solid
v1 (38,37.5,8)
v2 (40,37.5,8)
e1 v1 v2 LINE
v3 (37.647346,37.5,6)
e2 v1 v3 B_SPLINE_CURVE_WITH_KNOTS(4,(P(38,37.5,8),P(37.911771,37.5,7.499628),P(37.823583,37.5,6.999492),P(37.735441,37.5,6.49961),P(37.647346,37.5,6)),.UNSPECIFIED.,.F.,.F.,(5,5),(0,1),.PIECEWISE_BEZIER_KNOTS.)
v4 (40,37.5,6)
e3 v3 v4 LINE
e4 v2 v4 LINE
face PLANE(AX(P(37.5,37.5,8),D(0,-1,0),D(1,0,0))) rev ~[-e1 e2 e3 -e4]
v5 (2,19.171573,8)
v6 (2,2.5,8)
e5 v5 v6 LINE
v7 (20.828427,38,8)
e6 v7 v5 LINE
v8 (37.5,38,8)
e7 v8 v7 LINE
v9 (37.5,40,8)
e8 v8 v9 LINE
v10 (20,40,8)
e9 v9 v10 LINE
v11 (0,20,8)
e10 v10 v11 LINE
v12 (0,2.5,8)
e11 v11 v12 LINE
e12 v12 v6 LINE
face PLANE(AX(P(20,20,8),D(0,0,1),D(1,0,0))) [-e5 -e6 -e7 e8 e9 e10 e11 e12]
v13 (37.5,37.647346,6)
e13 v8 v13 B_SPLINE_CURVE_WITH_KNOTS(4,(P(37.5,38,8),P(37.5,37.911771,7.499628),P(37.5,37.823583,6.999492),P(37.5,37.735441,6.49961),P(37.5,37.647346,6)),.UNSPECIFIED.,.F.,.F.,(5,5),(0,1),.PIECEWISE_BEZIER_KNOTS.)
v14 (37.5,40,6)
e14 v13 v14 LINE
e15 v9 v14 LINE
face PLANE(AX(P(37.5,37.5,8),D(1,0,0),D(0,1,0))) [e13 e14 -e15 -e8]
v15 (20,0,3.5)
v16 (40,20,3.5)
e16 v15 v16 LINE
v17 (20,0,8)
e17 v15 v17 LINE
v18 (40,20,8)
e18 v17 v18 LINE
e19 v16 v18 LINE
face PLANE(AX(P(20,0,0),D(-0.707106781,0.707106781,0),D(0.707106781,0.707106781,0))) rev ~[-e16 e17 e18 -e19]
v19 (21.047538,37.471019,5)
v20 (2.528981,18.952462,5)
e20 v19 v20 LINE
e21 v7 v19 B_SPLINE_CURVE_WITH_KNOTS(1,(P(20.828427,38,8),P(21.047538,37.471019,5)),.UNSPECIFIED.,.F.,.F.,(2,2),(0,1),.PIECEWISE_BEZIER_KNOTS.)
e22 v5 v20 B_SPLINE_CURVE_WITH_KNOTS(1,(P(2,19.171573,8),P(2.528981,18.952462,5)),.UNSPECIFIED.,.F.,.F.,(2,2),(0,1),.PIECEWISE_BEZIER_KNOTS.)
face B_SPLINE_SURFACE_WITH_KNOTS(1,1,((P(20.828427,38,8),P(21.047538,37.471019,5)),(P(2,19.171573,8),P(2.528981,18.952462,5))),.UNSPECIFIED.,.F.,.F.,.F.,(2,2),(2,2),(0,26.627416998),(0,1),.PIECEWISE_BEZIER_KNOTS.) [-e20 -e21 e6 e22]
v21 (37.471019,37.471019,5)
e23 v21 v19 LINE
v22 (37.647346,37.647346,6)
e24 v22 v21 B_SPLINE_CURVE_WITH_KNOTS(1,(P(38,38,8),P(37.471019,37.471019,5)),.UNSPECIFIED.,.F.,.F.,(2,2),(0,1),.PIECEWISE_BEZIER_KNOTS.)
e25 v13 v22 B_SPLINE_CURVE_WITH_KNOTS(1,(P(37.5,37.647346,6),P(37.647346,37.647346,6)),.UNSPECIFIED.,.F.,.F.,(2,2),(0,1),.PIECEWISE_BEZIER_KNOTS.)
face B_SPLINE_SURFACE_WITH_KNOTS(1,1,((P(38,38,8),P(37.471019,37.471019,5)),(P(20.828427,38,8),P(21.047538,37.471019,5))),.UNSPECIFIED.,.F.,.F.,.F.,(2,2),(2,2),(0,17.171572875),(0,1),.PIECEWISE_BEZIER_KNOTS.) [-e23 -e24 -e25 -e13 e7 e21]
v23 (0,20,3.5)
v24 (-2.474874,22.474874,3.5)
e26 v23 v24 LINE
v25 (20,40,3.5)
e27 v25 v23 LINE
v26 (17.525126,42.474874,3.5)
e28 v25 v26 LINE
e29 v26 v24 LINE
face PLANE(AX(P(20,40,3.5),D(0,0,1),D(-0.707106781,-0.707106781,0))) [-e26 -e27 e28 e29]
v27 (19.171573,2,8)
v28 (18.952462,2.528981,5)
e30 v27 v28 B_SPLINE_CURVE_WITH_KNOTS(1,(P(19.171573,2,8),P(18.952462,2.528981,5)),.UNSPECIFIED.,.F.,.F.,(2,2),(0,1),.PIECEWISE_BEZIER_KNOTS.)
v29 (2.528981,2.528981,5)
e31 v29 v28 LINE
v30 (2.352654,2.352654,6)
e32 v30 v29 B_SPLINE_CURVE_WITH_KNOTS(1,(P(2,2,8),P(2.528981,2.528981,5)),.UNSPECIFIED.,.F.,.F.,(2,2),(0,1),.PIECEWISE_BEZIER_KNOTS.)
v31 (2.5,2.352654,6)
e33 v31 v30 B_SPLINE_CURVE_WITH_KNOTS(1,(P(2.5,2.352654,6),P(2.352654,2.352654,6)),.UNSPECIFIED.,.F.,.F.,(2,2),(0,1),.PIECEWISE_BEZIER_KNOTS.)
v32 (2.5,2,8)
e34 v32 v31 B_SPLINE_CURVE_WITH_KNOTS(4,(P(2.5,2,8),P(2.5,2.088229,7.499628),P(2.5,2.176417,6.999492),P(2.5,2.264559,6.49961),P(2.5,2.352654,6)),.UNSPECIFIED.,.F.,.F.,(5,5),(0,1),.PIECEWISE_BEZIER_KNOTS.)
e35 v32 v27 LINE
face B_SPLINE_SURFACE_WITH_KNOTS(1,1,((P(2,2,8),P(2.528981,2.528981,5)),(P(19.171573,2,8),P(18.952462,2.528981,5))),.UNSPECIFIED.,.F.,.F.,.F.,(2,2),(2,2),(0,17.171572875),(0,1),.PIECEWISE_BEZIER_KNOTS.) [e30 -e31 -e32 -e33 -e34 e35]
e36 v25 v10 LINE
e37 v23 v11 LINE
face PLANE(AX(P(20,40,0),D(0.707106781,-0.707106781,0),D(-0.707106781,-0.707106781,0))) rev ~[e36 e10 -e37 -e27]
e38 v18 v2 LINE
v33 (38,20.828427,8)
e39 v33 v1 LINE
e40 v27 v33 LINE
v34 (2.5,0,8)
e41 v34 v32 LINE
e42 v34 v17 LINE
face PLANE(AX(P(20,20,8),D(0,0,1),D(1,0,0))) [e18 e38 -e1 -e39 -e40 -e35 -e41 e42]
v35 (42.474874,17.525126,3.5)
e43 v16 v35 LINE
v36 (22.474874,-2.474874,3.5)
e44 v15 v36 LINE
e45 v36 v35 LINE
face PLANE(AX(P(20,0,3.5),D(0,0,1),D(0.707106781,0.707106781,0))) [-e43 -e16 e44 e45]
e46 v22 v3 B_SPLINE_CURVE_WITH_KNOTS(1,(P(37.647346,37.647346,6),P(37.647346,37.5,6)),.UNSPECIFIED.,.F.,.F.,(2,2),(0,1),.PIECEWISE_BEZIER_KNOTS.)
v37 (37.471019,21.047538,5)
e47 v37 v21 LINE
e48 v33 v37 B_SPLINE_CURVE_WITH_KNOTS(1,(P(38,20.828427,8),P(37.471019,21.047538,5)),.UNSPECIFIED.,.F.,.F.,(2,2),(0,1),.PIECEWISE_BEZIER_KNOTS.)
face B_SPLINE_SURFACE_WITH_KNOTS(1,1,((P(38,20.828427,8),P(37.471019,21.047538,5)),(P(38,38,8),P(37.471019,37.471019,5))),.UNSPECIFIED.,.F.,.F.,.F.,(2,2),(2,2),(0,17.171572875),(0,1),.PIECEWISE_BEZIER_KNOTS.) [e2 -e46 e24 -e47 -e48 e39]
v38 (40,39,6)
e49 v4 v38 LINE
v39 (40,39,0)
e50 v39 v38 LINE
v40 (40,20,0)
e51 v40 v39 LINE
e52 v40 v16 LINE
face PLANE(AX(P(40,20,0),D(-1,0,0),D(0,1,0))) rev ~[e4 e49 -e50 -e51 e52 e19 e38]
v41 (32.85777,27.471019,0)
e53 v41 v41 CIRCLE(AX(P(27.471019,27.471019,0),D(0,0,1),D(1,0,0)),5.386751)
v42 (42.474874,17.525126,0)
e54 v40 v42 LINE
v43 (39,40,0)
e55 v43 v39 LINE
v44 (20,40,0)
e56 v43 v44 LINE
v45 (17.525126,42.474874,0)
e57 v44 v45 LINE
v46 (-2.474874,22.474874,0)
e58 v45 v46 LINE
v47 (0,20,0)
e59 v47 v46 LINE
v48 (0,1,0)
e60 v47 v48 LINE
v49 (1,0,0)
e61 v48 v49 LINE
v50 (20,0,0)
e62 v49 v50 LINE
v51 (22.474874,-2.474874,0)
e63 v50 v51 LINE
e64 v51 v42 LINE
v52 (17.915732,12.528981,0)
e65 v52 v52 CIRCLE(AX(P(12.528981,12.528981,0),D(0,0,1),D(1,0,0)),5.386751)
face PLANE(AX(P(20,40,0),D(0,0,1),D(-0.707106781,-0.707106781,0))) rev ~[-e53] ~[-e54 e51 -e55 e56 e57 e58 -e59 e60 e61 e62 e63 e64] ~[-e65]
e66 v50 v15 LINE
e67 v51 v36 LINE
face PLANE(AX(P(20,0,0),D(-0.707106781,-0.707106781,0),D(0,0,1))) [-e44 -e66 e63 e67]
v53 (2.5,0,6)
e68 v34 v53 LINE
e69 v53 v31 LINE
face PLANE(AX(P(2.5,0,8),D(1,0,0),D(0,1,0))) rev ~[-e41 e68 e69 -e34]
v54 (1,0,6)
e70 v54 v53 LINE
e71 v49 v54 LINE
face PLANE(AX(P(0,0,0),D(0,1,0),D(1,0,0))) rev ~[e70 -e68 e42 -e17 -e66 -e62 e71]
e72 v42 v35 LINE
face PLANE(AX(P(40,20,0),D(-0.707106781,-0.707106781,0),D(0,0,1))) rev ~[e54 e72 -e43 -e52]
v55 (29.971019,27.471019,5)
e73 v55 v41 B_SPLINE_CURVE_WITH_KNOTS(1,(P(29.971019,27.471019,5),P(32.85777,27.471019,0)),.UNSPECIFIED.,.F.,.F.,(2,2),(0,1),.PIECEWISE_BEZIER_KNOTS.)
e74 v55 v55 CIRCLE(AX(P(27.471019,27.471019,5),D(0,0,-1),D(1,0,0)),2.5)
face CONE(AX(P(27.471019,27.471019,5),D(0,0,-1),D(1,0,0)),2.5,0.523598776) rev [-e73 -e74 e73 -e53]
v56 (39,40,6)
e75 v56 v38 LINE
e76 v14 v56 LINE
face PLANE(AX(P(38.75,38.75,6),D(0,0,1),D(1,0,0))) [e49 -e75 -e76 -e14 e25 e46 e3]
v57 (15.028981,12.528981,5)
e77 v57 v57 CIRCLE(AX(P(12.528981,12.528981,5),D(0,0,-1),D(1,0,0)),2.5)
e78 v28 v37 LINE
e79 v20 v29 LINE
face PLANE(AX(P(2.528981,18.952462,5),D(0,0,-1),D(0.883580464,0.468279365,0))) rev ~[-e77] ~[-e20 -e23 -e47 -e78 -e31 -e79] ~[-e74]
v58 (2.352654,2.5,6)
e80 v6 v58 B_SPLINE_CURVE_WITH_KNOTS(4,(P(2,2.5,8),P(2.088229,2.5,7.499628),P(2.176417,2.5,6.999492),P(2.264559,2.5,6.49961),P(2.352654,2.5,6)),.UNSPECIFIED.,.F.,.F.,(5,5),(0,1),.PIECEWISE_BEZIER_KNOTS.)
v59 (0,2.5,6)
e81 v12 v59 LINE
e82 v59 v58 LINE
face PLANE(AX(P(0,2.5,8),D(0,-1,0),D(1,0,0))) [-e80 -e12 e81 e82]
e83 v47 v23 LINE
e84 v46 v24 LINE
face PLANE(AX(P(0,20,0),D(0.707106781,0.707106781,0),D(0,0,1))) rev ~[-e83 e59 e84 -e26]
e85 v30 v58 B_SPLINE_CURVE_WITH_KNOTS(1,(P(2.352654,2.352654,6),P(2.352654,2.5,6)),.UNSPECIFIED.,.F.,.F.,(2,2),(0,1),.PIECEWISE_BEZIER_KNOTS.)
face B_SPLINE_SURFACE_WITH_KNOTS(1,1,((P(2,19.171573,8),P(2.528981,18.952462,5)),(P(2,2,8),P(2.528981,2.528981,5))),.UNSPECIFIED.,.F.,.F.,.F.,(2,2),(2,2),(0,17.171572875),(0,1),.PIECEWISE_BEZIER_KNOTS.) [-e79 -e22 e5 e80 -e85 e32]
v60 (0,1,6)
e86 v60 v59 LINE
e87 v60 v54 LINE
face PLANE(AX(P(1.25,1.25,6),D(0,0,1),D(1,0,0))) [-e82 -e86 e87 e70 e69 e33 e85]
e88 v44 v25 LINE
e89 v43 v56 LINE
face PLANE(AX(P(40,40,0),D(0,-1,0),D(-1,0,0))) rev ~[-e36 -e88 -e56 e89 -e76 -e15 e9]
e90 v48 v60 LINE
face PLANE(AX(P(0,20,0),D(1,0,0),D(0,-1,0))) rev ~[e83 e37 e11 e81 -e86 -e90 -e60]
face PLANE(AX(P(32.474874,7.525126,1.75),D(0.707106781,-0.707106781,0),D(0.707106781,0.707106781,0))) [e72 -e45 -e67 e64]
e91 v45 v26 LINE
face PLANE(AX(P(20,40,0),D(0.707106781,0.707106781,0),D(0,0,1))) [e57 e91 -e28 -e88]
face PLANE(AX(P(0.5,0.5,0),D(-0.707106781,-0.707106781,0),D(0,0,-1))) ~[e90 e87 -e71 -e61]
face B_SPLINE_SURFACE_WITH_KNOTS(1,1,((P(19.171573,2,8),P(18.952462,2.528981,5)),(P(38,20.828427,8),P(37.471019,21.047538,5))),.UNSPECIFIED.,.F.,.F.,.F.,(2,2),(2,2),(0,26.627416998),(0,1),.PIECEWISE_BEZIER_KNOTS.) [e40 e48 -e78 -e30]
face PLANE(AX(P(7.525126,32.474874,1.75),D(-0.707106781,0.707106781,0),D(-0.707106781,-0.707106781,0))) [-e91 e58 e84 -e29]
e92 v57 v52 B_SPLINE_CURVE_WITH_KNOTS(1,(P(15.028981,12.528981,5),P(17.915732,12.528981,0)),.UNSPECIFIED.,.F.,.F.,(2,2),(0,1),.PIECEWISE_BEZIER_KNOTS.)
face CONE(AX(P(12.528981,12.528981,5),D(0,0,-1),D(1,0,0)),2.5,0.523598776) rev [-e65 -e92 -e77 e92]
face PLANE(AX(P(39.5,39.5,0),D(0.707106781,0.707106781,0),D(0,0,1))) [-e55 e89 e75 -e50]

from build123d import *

# Parameters (mm, degrees)
F1_DEPTH  = 8
F3_DEPTH  = 3
F3_TAPER  = 10
F4_SIZE   = 1
F5_W      = 2.5
F5_H      = 2.5
F6_DEPTH  = 2
F7_R      = 2.5
F8_DEPTH  = 5
F8_TAPER  = -30
F9_W      = 28.2842712475
F9_H      = 3.5
F10_DEPTH = 3.5
F11_W     = 28.2842712475
F11_H     = 3.5
F12_DEPTH = 3.5


with BuildPart() as f1:
    # F0 (on Top) → F1 (new body)
    with BuildSketch(Plane.XY):
        Polygon((0, 20), (0, 0), (20, 0), (40, 20), (40, 40), (20, 40), align=None)
    extrude(amount=F1_DEPTH)

    # F2 (on face) → F3 (cut)
    with BuildSketch(Plane.XY.offset(8)):
        Polygon((2, 19.1715728753), (2, 2), (19.1715728753, 2), (38, 20.8284271247), (38, 38), (20.8284271247, 38), align=None)
    extrude(amount=-F3_DEPTH, taper=F3_TAPER, mode=Mode.SUBTRACT)

    # F4
    f4_edges = [f1.edges().sort_by_distance(p)[0] for p in [
        (0, 0, 4),
        (40, 40, 4),
    ]]
    chamfer(f4_edges, length=F4_SIZE)

    # F5 (on face) → F6 (cut)
    with BuildSketch(Plane.XY.offset(8)):
        with Locations((1.25, 1.25)):
            Rectangle(F5_W, F5_H)
        with Locations((38.75, 38.75)):
            Rectangle(F5_W, F5_H)
    extrude(amount=-F6_DEPTH, mode=Mode.SUBTRACT)

    # F7 (on face) → F8 (cut, through all)
    with BuildSketch(Plane.XY.offset(5)):
        with Locations((12.5289809421, 12.5289809421)):
            Circle(F7_R)
        with Locations((27.4710190579, 27.4710190579)):
            Circle(F7_R)
    extrude(amount=-F8_DEPTH, taper=F8_TAPER, mode=Mode.SUBTRACT)

    # F9 (on face) → F10 (join)
    with BuildSketch(Plane(origin=(10, -10, 0), x_dir=(0.7071067812, 0.7071067812, 0), z_dir=(0.7071067812, -0.7071067812, 0))):
        with Locations((28.2842712475, 1.75)):
            Rectangle(F9_W, F9_H)
    extrude(amount=F10_DEPTH)

    # F11 (on face) → F12 (join)
    with BuildSketch(Plane(origin=(-10, 10, 0), x_dir=(-0.7071067812, -0.7071067812, 0), z_dir=(-0.7071067812, 0.7071067812, 0))):
        with Locations((-28.2842712475, 1.75)):
            Rectangle(F11_W, F11_H)
    extrude(amount=F12_DEPTH)


solid = f1.part
